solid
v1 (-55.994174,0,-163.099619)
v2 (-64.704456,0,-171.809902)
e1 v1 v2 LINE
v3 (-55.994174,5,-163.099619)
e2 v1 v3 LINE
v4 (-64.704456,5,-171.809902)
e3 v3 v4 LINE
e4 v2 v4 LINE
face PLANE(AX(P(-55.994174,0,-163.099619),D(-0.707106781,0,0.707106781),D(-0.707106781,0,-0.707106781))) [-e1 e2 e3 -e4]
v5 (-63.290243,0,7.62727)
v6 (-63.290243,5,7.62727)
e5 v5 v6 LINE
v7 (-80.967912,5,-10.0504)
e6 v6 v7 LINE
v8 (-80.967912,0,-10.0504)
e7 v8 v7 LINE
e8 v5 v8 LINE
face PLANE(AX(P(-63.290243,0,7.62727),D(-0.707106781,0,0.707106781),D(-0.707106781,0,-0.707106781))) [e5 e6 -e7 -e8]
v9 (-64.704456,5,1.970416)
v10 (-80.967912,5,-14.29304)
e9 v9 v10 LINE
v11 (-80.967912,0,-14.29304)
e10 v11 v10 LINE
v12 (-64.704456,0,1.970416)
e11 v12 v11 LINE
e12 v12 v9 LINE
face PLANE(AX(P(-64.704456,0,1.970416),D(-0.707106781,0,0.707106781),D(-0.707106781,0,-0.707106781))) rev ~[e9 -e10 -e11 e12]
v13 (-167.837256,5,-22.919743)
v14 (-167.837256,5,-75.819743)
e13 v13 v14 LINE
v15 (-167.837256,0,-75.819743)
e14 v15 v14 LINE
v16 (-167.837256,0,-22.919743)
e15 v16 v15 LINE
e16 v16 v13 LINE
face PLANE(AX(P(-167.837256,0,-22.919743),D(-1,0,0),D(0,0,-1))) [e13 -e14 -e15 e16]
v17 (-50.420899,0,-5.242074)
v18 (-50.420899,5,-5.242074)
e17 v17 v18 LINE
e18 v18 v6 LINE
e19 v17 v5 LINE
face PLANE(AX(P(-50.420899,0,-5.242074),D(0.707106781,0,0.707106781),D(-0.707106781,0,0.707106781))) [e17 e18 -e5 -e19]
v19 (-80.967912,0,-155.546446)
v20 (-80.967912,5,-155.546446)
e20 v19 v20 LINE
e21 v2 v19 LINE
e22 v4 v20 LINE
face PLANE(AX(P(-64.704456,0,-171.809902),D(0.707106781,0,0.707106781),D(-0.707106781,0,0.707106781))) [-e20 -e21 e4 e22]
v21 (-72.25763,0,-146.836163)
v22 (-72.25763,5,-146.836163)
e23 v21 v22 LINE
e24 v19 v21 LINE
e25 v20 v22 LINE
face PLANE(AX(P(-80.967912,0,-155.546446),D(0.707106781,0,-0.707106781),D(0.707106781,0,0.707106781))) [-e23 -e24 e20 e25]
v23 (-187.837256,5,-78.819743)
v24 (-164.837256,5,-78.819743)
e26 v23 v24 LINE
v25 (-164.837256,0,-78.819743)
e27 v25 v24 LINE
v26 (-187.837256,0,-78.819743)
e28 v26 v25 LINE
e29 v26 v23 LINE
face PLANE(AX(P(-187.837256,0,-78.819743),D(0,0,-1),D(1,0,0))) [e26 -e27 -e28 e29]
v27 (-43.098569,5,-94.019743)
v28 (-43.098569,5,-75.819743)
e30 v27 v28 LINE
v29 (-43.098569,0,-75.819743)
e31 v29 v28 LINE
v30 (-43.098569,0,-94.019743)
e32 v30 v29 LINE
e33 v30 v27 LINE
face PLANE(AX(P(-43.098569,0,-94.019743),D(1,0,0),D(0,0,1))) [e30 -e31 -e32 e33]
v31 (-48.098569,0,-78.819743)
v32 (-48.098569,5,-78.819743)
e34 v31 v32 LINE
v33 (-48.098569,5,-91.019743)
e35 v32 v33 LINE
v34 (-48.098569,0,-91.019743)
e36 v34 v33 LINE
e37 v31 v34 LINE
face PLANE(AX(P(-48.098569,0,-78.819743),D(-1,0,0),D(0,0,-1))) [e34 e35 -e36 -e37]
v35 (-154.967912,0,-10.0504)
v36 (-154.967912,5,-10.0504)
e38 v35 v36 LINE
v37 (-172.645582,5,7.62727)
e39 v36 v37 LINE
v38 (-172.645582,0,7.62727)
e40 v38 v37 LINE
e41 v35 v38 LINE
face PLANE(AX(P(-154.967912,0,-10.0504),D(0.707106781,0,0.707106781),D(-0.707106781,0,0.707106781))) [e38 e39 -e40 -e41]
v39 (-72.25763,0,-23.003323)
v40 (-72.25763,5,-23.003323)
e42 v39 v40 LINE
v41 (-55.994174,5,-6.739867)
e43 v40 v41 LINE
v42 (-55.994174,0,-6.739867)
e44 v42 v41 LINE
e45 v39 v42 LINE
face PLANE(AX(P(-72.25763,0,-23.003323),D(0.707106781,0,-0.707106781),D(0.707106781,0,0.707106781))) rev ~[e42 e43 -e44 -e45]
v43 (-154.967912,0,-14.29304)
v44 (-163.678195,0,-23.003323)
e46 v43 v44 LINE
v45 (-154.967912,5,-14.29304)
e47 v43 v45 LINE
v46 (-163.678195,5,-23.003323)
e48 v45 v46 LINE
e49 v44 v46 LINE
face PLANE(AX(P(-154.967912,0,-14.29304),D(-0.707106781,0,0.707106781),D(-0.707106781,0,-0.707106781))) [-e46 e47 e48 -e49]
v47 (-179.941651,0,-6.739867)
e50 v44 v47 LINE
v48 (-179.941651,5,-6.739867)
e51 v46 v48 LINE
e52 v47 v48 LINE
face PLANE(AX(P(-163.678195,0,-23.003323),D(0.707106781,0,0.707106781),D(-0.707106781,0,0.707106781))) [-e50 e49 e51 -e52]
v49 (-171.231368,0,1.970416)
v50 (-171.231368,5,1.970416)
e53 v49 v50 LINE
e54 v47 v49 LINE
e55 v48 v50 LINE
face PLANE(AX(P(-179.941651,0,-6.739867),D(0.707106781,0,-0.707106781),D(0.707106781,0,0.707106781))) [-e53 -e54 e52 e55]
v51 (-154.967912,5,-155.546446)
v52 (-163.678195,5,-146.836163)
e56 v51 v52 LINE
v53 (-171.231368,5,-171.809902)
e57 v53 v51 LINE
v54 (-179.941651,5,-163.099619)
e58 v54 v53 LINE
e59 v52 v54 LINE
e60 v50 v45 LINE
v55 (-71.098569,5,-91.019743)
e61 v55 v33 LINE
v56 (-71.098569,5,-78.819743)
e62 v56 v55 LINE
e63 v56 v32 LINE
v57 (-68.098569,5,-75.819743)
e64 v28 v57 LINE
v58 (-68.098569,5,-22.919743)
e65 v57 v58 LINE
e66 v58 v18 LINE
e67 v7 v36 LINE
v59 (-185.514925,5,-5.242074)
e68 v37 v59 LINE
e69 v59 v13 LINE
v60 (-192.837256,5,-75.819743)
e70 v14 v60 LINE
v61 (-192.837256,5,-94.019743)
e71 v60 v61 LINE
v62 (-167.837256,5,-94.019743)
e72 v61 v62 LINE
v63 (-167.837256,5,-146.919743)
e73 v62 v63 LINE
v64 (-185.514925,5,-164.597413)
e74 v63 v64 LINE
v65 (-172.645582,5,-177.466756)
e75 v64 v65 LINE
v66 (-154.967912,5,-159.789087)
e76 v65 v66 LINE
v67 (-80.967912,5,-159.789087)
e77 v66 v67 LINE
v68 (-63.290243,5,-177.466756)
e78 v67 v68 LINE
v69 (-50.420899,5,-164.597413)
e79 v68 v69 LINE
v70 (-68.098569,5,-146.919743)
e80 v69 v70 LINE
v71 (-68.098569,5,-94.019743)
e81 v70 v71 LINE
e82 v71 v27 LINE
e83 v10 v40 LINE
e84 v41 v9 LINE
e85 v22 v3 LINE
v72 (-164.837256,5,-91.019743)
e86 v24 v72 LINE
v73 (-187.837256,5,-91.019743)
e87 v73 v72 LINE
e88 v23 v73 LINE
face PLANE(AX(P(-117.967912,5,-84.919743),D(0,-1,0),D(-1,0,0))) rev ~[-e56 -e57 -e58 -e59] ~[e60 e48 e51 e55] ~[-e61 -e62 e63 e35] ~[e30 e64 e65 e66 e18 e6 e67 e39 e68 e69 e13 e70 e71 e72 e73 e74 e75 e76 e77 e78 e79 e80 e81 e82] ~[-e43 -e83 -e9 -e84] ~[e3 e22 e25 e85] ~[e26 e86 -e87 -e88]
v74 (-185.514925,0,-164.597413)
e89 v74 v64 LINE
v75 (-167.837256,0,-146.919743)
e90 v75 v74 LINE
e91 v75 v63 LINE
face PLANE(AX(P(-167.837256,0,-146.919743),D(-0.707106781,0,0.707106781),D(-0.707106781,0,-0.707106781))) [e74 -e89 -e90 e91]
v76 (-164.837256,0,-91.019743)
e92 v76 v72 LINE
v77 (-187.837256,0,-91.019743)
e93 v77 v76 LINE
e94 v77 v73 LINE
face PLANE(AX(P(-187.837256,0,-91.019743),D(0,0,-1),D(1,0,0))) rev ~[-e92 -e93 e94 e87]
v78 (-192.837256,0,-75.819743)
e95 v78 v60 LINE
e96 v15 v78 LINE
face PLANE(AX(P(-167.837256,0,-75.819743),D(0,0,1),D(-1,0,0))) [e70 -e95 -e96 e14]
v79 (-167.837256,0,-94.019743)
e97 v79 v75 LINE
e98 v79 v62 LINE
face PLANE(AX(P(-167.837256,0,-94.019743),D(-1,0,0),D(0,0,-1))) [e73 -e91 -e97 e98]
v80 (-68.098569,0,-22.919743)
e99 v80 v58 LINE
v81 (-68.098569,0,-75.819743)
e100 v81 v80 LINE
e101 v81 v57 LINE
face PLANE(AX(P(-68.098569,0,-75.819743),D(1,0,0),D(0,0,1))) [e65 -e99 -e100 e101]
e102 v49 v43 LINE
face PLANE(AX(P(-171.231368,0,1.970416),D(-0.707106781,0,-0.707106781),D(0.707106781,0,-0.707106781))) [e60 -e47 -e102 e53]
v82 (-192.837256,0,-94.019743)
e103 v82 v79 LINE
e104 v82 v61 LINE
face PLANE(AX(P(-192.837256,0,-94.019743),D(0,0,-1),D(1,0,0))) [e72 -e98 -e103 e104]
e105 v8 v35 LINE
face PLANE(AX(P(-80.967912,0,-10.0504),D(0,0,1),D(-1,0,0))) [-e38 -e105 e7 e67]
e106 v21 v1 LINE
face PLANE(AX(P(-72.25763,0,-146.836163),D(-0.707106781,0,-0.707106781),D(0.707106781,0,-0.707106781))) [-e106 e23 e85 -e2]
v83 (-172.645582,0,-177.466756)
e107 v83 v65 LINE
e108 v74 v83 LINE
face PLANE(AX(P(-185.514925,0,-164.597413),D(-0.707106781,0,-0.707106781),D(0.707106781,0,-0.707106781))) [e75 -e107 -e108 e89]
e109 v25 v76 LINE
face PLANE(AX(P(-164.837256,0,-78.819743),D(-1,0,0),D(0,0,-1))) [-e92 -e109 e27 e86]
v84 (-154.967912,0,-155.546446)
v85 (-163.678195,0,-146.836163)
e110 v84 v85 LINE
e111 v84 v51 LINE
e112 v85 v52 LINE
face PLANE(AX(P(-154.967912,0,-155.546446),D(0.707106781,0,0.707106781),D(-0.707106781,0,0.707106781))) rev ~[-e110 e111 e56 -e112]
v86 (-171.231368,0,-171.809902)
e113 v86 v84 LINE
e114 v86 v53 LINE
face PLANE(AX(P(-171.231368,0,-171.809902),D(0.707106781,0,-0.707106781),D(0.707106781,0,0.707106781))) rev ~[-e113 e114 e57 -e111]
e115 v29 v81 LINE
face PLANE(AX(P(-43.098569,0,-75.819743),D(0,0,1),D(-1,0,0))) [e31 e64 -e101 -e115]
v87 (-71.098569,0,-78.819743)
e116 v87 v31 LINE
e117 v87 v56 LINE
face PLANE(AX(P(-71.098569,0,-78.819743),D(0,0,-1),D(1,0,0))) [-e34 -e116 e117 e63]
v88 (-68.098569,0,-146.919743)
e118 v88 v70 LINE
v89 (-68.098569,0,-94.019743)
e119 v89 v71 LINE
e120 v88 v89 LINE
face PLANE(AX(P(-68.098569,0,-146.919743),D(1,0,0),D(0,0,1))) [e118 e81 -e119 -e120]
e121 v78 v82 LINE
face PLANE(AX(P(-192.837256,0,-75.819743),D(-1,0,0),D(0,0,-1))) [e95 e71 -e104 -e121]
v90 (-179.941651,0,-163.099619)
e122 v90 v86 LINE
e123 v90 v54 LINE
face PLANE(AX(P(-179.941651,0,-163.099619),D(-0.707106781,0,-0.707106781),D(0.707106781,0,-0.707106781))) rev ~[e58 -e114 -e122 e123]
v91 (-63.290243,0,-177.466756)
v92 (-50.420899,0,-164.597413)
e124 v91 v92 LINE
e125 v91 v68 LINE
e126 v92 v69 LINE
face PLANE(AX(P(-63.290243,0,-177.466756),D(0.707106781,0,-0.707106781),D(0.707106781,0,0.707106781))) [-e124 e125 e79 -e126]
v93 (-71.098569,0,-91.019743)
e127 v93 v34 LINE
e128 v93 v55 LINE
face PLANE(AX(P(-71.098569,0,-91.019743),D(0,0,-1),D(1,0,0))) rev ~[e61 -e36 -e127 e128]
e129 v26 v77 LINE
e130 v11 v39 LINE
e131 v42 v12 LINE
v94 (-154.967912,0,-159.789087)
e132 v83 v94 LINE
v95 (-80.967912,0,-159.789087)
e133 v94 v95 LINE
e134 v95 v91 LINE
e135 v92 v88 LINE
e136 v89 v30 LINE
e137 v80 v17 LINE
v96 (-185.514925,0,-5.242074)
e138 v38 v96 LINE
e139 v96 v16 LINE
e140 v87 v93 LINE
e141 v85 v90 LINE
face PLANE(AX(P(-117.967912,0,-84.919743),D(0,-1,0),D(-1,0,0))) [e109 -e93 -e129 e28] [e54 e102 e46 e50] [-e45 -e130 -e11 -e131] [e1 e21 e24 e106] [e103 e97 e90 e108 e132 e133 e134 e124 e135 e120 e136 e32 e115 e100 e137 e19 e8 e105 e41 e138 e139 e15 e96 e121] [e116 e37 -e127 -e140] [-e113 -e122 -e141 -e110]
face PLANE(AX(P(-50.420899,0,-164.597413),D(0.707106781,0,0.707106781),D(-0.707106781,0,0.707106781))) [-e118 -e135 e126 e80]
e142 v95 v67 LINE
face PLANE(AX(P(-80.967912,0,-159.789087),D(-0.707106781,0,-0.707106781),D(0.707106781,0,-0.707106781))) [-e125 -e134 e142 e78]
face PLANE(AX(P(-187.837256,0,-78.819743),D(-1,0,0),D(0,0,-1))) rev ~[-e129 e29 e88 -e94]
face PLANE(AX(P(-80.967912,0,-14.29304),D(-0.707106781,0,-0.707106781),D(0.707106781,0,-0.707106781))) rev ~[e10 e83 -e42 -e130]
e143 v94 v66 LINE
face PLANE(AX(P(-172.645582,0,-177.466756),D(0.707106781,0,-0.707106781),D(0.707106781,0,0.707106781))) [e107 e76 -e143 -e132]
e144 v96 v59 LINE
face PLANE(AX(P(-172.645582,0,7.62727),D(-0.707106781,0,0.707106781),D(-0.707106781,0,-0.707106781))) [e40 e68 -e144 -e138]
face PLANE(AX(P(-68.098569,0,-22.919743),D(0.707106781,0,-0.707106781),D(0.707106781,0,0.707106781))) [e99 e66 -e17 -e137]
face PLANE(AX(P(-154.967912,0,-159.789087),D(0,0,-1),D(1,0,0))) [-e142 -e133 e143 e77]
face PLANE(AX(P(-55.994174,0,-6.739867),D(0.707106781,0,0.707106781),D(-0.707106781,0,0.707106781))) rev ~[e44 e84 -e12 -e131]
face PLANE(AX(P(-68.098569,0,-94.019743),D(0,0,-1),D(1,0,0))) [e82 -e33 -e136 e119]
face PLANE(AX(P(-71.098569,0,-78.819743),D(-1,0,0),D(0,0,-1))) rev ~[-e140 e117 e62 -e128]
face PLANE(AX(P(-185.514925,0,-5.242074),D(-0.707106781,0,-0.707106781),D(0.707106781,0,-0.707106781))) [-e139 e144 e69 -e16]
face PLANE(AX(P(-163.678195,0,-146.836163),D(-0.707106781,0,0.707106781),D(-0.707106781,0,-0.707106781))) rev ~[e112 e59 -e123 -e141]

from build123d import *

# Parameters (mm, degrees)
SKETCH2_W           = 23
SKETCH2_H           = 12.2
BOSS_EXTRUDE1_DEPTH = 5


with BuildPart() as part:
    # Sketch2 → Boss-Extrude1 (new body)
    with BuildSketch(Plane(origin=(0, 0, 0), x_dir=(1, 0, 0), z_dir=(0, 1, 0))):
        Polygon((-154.967912227, 159.789086559), (-80.967912227, 159.789086559), (-63.290242697, 177.466756088), (-50.420899279, 164.597412671), (-68.098568809, 146.919743141), (-68.098568809, 94.019743141), (-43.098568809, 94.019743141), (-43.098568809, 75.819743141), (-68.098568809, 75.819743141), (-68.098568809, 22.919743141), (-50.420899279, 5.242073612), (-63.290242697, -7.627269806), (-80.967912227, 10.050399724), (-154.967912227, 10.050399724), (-172.645581756, -7.627269806), (-185.514925174, 5.242073612), (-167.837255644, 22.919743141), (-167.837255644, 75.819743141), (-192.837255644, 75.819743141), (-192.837255644, 94.019743141), (-167.837255644, 94.019743141), (-167.837255644, 146.919743141), (-185.514925174, 164.597412671), (-172.645581756, 177.466756088), align=None)
        Polygon((-171.231368194, 171.809901839), (-154.967912227, 155.546445872), (-163.678194925, 146.836163173), (-179.941650892, 163.099619141), align=None, mode=Mode.SUBTRACT)
        with Locations((-176.337255644, 84.919743141)):
            Rectangle(SKETCH2_W, SKETCH2_H, mode=Mode.SUBTRACT)
        Polygon((-80.967912227, 155.546445872), (-72.257629528, 146.836163173), (-55.994173561, 163.099619141), (-64.704456259, 171.809901839), align=None, mode=Mode.SUBTRACT)
        Polygon((-64.704456259, -1.970415557), (-80.967912227, 14.293040411), (-72.257629528, 23.003323109), (-55.994173561, 6.739867142), align=None, mode=Mode.SUBTRACT)
        Polygon((-154.967912227, 14.293040411), (-163.678194925, 23.003323109), (-179.941650892, 6.739867142), (-171.231368194, -1.970415557), align=None, mode=Mode.SUBTRACT)
        with Locations((-59.598568809, 84.919743141)):
            Rectangle(SKETCH2_W, SKETCH2_H, mode=Mode.SUBTRACT)
    extrude(amount=BOSS_EXTRUDE1_DEPTH)


solid = part.part
